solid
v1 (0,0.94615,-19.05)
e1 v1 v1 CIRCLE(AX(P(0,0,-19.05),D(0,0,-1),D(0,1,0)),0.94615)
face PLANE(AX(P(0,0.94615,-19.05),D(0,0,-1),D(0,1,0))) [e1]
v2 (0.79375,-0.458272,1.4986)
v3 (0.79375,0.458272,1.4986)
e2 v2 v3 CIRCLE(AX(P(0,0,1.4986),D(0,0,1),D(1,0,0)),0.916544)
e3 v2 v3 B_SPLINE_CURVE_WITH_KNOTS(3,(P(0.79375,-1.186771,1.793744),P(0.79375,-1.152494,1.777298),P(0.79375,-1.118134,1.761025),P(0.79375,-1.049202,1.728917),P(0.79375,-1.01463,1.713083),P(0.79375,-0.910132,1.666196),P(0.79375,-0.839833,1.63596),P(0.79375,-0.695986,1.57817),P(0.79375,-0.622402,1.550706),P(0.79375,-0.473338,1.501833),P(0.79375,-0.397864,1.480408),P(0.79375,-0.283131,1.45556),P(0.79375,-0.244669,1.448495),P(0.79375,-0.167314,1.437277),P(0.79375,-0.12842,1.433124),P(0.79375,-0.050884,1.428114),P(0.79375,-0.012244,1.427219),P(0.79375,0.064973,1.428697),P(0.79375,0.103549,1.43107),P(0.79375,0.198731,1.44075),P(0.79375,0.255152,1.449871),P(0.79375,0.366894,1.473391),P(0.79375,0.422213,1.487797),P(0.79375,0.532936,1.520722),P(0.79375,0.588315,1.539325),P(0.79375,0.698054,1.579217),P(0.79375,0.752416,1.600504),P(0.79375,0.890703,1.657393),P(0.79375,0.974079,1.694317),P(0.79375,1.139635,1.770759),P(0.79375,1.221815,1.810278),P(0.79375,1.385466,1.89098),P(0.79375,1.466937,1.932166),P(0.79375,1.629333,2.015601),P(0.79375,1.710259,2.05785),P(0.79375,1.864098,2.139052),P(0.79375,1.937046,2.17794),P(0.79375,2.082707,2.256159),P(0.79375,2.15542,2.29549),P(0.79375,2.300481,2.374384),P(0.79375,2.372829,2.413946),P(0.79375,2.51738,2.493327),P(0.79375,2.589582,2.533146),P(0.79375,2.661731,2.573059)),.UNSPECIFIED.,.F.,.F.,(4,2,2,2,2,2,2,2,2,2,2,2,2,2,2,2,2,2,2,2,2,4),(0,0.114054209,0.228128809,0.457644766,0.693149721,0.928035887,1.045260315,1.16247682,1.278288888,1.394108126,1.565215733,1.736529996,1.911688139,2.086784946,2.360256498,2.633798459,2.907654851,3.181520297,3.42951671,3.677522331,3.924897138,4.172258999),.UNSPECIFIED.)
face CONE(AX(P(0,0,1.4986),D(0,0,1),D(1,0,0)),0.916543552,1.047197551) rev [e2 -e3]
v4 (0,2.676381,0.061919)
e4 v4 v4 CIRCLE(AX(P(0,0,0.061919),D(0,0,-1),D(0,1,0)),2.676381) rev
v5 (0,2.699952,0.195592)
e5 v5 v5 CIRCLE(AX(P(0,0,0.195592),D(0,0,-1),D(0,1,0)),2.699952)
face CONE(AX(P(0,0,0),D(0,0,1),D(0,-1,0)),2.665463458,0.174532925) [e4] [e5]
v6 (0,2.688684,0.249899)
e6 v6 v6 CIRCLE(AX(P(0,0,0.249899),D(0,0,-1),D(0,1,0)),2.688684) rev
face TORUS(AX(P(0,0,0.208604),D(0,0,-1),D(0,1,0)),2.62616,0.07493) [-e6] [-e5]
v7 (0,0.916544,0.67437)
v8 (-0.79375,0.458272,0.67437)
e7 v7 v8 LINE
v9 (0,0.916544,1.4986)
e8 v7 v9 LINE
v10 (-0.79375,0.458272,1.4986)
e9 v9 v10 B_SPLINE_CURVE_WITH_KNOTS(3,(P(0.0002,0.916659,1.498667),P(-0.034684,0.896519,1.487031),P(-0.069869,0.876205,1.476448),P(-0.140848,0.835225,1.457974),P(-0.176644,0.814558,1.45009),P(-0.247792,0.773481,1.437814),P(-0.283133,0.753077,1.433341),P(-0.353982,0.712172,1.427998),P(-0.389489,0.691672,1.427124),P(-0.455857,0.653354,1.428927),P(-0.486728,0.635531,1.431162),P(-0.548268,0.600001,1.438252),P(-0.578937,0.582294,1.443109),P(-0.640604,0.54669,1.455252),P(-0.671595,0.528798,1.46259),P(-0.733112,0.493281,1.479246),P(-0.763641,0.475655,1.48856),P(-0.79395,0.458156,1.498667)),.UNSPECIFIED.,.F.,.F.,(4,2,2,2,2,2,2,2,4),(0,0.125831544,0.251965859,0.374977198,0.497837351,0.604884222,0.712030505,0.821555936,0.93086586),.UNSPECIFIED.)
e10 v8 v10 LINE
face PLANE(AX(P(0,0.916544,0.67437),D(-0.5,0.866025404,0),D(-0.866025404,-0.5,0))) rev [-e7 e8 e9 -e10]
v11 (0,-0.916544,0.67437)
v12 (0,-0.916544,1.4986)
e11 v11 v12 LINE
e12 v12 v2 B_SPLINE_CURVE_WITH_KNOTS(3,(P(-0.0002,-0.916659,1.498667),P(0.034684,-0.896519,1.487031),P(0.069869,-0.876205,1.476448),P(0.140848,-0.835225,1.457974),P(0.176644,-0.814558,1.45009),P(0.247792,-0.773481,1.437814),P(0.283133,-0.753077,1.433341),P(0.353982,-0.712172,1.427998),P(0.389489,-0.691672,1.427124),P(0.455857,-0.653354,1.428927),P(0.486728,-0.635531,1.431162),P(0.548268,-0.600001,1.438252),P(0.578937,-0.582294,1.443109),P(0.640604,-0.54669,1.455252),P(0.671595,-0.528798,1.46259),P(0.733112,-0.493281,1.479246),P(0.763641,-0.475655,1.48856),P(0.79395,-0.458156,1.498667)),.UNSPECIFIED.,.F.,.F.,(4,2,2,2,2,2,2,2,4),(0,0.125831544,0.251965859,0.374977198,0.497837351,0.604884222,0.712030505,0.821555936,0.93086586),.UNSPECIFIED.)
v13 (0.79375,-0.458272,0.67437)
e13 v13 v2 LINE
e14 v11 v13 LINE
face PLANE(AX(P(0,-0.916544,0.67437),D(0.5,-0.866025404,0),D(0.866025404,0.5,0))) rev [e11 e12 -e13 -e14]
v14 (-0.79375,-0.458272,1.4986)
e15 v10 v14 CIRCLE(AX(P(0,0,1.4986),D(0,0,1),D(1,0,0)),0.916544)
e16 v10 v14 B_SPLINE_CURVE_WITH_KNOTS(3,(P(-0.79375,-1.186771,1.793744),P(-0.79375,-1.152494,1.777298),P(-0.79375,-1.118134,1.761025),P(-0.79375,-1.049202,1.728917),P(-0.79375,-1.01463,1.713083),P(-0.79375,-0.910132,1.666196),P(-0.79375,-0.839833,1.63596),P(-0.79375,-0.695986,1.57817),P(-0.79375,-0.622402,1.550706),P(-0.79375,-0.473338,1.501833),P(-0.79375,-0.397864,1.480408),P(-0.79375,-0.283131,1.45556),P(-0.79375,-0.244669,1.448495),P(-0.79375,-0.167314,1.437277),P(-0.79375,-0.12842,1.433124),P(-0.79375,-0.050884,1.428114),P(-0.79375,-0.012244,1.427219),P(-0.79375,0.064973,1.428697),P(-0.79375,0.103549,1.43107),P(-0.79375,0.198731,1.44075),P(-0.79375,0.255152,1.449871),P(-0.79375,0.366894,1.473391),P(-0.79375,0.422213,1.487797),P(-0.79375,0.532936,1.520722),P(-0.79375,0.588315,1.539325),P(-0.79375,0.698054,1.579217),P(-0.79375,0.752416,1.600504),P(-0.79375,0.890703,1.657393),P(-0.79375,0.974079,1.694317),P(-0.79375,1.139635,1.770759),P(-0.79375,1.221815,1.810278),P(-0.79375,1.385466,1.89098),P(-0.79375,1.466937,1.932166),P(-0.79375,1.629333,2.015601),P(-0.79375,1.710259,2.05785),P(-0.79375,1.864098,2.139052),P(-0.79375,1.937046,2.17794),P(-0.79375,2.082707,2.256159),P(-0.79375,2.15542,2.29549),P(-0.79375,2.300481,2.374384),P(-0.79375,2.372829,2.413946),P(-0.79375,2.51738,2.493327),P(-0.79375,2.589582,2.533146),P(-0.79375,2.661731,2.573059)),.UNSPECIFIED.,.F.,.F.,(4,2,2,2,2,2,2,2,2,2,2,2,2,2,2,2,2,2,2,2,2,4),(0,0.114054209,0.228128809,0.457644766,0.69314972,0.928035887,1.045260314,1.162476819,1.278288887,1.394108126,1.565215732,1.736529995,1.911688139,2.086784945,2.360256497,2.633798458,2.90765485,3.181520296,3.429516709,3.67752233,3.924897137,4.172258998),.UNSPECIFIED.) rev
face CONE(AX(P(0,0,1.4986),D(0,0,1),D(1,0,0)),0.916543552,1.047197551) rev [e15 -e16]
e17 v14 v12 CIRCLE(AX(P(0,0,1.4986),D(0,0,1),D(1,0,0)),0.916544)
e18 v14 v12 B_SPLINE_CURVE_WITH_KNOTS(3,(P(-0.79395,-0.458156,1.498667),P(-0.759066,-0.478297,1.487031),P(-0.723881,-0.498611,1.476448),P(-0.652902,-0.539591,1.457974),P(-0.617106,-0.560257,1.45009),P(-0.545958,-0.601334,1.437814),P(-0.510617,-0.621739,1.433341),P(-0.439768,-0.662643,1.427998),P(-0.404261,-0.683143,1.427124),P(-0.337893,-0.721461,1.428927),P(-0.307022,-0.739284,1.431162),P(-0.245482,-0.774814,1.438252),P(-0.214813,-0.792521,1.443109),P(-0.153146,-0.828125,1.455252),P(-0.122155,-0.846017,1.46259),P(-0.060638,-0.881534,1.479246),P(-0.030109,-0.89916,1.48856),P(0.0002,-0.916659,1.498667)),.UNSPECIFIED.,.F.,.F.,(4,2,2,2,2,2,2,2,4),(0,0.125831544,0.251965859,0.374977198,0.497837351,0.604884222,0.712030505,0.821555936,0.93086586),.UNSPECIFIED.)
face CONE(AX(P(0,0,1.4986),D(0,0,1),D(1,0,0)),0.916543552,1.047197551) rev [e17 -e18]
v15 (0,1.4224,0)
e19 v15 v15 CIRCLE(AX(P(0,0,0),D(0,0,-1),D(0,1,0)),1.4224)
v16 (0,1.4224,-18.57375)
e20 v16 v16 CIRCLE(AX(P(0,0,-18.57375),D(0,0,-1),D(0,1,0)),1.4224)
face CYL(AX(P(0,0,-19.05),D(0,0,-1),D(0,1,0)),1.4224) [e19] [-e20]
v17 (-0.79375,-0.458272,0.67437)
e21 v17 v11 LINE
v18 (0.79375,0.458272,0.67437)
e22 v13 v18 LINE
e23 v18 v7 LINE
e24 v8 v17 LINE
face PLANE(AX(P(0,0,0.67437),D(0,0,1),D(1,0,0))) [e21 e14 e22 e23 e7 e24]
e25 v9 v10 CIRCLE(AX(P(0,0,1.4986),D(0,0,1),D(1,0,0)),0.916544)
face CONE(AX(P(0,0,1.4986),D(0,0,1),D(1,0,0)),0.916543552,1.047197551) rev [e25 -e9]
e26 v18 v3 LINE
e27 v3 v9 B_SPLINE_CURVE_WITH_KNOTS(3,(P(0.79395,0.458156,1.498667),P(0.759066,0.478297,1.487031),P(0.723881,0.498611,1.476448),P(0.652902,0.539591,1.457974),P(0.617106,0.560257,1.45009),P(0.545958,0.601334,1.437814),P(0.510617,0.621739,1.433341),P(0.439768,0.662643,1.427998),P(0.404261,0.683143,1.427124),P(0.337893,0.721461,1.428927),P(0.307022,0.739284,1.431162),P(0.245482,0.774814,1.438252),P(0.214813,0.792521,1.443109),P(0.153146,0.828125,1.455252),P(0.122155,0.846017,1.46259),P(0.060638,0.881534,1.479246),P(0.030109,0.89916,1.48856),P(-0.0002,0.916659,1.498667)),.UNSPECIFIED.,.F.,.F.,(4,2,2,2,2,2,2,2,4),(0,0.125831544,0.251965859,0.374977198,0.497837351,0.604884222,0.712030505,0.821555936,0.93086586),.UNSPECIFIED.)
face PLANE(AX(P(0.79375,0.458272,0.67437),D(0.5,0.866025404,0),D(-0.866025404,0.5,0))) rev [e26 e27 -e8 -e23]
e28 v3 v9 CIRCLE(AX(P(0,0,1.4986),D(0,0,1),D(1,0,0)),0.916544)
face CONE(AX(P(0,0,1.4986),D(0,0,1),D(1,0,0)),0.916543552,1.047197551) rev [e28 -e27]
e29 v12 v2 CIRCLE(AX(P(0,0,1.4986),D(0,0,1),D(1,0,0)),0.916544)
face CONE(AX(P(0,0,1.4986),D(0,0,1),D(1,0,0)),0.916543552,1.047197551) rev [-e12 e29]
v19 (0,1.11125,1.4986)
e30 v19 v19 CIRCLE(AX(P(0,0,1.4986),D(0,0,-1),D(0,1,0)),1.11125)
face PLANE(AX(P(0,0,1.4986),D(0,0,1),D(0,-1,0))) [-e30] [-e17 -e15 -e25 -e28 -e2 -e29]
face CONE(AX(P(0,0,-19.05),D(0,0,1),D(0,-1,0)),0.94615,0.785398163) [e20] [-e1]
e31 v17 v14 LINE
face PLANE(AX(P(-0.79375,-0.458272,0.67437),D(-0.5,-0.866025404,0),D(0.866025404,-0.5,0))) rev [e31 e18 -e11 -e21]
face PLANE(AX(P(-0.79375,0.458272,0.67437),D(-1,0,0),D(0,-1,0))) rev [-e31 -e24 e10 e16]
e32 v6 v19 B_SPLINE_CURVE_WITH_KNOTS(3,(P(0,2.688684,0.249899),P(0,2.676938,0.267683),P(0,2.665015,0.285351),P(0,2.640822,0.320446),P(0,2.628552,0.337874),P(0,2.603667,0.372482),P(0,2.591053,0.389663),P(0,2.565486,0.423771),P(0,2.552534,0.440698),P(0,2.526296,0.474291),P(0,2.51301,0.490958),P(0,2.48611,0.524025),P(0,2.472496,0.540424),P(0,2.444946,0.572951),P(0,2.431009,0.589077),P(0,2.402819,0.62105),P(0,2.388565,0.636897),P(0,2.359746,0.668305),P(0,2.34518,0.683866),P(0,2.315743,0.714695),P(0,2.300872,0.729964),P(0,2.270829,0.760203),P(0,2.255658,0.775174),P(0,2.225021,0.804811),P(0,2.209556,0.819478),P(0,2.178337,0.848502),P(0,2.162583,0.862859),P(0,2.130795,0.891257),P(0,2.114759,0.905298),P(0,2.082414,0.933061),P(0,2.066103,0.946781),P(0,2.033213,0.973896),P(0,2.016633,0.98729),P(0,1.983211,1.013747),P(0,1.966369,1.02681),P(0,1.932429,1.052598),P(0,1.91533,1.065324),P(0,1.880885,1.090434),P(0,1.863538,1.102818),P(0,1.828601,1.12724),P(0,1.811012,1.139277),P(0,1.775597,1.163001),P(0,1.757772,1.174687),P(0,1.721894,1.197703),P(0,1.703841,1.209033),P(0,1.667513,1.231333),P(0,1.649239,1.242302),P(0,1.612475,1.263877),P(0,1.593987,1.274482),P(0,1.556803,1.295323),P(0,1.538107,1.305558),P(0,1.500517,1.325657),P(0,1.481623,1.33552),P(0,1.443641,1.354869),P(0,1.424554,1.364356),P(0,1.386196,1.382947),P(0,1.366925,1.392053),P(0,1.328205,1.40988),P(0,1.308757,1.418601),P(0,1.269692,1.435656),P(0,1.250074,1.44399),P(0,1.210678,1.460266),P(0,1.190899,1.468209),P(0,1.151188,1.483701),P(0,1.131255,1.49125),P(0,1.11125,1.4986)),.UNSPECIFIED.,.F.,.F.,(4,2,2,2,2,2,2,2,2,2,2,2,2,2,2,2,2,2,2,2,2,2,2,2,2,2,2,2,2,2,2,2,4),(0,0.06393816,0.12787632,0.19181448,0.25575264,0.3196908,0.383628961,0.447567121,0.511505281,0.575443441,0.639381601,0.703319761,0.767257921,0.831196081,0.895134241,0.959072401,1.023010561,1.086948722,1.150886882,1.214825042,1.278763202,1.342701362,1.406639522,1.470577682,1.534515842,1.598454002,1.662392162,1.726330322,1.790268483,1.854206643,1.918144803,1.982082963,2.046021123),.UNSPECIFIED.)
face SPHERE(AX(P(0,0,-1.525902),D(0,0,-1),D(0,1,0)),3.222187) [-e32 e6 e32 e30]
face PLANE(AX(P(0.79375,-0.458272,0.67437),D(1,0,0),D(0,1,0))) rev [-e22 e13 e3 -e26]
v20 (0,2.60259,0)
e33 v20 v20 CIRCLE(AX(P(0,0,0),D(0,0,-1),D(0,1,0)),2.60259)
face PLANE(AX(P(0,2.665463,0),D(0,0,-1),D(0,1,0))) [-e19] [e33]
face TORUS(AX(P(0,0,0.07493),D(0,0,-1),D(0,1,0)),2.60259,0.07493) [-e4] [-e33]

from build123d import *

# Parameters (mm, degrees)
CUT_EXTRUDE1_DEPTH = 0.82423
FILLET1_R          = 0.07493


with BuildPart() as part:
    # Sketch2 → Revolve1 (revolve)
    with BuildSketch(Plane(origin=(0, 0, 0), x_dir=(0, 0, -1), z_dir=(1, 0, 0))):
        with BuildLine():
            Line((19.05, 0), (-1.4986, 0))
            Line((-1.4986, 0), (-1.4986, 1.11125))
            ThreePointArc((-1.4986, 1.11125), (-0.991181418, 2.011660958), (-0.22479, 2.7051))
            Line((-0.22479, 2.7051), (0, 2.665463458))
            Line((0, 2.665463458), (0, 1.4224))
            Line((0, 1.4224), (18.57375, 1.4224))
            Line((18.57375, 1.4224), (19.05, 0.94615))
            Line((19.05, 0.94615), (19.05, 0))
        make_face()
    revolve(axis=Axis((0, 0, -19.05), (0, 0, 1)))

    # Sketch3 → Cut-Extrude1 (cut)
    with BuildSketch(Plane.XY.offset(1.4986)):
        Polygon((0, 0.916543552), (-0.79375, 0.458271776), (-0.79375, -0.458271776), (0, -0.916543552), (0.79375, -0.458271776), (0.79375, 0.458271776), align=None)
    extrude(amount=-CUT_EXTRUDE1_DEPTH, mode=Mode.SUBTRACT)

    # Cut-Extrude2 cone 1 section (through the dimple's axis) → Cut-Extrude2 (revolve, cut)
    with BuildSketch(Plane(origin=(0, 0, 1.4986), x_dir=(0, -1, 0), z_dir=(1, 0, 0))):
        Polygon((0, 0), (0.916543552, 0), (0, 0.529166667), align=None)
    revolve(axis=Axis((0, 0, 1.4986), (0, 0, -1)), mode=Mode.SUBTRACT)

    # Fillet1
    fillet1_edges = [part.edges().sort_by_distance(p)[0] for p in [
        (0, -2.7051, 0.22479),
        (0, -2.665463458, 0),
    ]]
    fillet(fillet1_edges, radius=FILLET1_R)


solid = part.part
